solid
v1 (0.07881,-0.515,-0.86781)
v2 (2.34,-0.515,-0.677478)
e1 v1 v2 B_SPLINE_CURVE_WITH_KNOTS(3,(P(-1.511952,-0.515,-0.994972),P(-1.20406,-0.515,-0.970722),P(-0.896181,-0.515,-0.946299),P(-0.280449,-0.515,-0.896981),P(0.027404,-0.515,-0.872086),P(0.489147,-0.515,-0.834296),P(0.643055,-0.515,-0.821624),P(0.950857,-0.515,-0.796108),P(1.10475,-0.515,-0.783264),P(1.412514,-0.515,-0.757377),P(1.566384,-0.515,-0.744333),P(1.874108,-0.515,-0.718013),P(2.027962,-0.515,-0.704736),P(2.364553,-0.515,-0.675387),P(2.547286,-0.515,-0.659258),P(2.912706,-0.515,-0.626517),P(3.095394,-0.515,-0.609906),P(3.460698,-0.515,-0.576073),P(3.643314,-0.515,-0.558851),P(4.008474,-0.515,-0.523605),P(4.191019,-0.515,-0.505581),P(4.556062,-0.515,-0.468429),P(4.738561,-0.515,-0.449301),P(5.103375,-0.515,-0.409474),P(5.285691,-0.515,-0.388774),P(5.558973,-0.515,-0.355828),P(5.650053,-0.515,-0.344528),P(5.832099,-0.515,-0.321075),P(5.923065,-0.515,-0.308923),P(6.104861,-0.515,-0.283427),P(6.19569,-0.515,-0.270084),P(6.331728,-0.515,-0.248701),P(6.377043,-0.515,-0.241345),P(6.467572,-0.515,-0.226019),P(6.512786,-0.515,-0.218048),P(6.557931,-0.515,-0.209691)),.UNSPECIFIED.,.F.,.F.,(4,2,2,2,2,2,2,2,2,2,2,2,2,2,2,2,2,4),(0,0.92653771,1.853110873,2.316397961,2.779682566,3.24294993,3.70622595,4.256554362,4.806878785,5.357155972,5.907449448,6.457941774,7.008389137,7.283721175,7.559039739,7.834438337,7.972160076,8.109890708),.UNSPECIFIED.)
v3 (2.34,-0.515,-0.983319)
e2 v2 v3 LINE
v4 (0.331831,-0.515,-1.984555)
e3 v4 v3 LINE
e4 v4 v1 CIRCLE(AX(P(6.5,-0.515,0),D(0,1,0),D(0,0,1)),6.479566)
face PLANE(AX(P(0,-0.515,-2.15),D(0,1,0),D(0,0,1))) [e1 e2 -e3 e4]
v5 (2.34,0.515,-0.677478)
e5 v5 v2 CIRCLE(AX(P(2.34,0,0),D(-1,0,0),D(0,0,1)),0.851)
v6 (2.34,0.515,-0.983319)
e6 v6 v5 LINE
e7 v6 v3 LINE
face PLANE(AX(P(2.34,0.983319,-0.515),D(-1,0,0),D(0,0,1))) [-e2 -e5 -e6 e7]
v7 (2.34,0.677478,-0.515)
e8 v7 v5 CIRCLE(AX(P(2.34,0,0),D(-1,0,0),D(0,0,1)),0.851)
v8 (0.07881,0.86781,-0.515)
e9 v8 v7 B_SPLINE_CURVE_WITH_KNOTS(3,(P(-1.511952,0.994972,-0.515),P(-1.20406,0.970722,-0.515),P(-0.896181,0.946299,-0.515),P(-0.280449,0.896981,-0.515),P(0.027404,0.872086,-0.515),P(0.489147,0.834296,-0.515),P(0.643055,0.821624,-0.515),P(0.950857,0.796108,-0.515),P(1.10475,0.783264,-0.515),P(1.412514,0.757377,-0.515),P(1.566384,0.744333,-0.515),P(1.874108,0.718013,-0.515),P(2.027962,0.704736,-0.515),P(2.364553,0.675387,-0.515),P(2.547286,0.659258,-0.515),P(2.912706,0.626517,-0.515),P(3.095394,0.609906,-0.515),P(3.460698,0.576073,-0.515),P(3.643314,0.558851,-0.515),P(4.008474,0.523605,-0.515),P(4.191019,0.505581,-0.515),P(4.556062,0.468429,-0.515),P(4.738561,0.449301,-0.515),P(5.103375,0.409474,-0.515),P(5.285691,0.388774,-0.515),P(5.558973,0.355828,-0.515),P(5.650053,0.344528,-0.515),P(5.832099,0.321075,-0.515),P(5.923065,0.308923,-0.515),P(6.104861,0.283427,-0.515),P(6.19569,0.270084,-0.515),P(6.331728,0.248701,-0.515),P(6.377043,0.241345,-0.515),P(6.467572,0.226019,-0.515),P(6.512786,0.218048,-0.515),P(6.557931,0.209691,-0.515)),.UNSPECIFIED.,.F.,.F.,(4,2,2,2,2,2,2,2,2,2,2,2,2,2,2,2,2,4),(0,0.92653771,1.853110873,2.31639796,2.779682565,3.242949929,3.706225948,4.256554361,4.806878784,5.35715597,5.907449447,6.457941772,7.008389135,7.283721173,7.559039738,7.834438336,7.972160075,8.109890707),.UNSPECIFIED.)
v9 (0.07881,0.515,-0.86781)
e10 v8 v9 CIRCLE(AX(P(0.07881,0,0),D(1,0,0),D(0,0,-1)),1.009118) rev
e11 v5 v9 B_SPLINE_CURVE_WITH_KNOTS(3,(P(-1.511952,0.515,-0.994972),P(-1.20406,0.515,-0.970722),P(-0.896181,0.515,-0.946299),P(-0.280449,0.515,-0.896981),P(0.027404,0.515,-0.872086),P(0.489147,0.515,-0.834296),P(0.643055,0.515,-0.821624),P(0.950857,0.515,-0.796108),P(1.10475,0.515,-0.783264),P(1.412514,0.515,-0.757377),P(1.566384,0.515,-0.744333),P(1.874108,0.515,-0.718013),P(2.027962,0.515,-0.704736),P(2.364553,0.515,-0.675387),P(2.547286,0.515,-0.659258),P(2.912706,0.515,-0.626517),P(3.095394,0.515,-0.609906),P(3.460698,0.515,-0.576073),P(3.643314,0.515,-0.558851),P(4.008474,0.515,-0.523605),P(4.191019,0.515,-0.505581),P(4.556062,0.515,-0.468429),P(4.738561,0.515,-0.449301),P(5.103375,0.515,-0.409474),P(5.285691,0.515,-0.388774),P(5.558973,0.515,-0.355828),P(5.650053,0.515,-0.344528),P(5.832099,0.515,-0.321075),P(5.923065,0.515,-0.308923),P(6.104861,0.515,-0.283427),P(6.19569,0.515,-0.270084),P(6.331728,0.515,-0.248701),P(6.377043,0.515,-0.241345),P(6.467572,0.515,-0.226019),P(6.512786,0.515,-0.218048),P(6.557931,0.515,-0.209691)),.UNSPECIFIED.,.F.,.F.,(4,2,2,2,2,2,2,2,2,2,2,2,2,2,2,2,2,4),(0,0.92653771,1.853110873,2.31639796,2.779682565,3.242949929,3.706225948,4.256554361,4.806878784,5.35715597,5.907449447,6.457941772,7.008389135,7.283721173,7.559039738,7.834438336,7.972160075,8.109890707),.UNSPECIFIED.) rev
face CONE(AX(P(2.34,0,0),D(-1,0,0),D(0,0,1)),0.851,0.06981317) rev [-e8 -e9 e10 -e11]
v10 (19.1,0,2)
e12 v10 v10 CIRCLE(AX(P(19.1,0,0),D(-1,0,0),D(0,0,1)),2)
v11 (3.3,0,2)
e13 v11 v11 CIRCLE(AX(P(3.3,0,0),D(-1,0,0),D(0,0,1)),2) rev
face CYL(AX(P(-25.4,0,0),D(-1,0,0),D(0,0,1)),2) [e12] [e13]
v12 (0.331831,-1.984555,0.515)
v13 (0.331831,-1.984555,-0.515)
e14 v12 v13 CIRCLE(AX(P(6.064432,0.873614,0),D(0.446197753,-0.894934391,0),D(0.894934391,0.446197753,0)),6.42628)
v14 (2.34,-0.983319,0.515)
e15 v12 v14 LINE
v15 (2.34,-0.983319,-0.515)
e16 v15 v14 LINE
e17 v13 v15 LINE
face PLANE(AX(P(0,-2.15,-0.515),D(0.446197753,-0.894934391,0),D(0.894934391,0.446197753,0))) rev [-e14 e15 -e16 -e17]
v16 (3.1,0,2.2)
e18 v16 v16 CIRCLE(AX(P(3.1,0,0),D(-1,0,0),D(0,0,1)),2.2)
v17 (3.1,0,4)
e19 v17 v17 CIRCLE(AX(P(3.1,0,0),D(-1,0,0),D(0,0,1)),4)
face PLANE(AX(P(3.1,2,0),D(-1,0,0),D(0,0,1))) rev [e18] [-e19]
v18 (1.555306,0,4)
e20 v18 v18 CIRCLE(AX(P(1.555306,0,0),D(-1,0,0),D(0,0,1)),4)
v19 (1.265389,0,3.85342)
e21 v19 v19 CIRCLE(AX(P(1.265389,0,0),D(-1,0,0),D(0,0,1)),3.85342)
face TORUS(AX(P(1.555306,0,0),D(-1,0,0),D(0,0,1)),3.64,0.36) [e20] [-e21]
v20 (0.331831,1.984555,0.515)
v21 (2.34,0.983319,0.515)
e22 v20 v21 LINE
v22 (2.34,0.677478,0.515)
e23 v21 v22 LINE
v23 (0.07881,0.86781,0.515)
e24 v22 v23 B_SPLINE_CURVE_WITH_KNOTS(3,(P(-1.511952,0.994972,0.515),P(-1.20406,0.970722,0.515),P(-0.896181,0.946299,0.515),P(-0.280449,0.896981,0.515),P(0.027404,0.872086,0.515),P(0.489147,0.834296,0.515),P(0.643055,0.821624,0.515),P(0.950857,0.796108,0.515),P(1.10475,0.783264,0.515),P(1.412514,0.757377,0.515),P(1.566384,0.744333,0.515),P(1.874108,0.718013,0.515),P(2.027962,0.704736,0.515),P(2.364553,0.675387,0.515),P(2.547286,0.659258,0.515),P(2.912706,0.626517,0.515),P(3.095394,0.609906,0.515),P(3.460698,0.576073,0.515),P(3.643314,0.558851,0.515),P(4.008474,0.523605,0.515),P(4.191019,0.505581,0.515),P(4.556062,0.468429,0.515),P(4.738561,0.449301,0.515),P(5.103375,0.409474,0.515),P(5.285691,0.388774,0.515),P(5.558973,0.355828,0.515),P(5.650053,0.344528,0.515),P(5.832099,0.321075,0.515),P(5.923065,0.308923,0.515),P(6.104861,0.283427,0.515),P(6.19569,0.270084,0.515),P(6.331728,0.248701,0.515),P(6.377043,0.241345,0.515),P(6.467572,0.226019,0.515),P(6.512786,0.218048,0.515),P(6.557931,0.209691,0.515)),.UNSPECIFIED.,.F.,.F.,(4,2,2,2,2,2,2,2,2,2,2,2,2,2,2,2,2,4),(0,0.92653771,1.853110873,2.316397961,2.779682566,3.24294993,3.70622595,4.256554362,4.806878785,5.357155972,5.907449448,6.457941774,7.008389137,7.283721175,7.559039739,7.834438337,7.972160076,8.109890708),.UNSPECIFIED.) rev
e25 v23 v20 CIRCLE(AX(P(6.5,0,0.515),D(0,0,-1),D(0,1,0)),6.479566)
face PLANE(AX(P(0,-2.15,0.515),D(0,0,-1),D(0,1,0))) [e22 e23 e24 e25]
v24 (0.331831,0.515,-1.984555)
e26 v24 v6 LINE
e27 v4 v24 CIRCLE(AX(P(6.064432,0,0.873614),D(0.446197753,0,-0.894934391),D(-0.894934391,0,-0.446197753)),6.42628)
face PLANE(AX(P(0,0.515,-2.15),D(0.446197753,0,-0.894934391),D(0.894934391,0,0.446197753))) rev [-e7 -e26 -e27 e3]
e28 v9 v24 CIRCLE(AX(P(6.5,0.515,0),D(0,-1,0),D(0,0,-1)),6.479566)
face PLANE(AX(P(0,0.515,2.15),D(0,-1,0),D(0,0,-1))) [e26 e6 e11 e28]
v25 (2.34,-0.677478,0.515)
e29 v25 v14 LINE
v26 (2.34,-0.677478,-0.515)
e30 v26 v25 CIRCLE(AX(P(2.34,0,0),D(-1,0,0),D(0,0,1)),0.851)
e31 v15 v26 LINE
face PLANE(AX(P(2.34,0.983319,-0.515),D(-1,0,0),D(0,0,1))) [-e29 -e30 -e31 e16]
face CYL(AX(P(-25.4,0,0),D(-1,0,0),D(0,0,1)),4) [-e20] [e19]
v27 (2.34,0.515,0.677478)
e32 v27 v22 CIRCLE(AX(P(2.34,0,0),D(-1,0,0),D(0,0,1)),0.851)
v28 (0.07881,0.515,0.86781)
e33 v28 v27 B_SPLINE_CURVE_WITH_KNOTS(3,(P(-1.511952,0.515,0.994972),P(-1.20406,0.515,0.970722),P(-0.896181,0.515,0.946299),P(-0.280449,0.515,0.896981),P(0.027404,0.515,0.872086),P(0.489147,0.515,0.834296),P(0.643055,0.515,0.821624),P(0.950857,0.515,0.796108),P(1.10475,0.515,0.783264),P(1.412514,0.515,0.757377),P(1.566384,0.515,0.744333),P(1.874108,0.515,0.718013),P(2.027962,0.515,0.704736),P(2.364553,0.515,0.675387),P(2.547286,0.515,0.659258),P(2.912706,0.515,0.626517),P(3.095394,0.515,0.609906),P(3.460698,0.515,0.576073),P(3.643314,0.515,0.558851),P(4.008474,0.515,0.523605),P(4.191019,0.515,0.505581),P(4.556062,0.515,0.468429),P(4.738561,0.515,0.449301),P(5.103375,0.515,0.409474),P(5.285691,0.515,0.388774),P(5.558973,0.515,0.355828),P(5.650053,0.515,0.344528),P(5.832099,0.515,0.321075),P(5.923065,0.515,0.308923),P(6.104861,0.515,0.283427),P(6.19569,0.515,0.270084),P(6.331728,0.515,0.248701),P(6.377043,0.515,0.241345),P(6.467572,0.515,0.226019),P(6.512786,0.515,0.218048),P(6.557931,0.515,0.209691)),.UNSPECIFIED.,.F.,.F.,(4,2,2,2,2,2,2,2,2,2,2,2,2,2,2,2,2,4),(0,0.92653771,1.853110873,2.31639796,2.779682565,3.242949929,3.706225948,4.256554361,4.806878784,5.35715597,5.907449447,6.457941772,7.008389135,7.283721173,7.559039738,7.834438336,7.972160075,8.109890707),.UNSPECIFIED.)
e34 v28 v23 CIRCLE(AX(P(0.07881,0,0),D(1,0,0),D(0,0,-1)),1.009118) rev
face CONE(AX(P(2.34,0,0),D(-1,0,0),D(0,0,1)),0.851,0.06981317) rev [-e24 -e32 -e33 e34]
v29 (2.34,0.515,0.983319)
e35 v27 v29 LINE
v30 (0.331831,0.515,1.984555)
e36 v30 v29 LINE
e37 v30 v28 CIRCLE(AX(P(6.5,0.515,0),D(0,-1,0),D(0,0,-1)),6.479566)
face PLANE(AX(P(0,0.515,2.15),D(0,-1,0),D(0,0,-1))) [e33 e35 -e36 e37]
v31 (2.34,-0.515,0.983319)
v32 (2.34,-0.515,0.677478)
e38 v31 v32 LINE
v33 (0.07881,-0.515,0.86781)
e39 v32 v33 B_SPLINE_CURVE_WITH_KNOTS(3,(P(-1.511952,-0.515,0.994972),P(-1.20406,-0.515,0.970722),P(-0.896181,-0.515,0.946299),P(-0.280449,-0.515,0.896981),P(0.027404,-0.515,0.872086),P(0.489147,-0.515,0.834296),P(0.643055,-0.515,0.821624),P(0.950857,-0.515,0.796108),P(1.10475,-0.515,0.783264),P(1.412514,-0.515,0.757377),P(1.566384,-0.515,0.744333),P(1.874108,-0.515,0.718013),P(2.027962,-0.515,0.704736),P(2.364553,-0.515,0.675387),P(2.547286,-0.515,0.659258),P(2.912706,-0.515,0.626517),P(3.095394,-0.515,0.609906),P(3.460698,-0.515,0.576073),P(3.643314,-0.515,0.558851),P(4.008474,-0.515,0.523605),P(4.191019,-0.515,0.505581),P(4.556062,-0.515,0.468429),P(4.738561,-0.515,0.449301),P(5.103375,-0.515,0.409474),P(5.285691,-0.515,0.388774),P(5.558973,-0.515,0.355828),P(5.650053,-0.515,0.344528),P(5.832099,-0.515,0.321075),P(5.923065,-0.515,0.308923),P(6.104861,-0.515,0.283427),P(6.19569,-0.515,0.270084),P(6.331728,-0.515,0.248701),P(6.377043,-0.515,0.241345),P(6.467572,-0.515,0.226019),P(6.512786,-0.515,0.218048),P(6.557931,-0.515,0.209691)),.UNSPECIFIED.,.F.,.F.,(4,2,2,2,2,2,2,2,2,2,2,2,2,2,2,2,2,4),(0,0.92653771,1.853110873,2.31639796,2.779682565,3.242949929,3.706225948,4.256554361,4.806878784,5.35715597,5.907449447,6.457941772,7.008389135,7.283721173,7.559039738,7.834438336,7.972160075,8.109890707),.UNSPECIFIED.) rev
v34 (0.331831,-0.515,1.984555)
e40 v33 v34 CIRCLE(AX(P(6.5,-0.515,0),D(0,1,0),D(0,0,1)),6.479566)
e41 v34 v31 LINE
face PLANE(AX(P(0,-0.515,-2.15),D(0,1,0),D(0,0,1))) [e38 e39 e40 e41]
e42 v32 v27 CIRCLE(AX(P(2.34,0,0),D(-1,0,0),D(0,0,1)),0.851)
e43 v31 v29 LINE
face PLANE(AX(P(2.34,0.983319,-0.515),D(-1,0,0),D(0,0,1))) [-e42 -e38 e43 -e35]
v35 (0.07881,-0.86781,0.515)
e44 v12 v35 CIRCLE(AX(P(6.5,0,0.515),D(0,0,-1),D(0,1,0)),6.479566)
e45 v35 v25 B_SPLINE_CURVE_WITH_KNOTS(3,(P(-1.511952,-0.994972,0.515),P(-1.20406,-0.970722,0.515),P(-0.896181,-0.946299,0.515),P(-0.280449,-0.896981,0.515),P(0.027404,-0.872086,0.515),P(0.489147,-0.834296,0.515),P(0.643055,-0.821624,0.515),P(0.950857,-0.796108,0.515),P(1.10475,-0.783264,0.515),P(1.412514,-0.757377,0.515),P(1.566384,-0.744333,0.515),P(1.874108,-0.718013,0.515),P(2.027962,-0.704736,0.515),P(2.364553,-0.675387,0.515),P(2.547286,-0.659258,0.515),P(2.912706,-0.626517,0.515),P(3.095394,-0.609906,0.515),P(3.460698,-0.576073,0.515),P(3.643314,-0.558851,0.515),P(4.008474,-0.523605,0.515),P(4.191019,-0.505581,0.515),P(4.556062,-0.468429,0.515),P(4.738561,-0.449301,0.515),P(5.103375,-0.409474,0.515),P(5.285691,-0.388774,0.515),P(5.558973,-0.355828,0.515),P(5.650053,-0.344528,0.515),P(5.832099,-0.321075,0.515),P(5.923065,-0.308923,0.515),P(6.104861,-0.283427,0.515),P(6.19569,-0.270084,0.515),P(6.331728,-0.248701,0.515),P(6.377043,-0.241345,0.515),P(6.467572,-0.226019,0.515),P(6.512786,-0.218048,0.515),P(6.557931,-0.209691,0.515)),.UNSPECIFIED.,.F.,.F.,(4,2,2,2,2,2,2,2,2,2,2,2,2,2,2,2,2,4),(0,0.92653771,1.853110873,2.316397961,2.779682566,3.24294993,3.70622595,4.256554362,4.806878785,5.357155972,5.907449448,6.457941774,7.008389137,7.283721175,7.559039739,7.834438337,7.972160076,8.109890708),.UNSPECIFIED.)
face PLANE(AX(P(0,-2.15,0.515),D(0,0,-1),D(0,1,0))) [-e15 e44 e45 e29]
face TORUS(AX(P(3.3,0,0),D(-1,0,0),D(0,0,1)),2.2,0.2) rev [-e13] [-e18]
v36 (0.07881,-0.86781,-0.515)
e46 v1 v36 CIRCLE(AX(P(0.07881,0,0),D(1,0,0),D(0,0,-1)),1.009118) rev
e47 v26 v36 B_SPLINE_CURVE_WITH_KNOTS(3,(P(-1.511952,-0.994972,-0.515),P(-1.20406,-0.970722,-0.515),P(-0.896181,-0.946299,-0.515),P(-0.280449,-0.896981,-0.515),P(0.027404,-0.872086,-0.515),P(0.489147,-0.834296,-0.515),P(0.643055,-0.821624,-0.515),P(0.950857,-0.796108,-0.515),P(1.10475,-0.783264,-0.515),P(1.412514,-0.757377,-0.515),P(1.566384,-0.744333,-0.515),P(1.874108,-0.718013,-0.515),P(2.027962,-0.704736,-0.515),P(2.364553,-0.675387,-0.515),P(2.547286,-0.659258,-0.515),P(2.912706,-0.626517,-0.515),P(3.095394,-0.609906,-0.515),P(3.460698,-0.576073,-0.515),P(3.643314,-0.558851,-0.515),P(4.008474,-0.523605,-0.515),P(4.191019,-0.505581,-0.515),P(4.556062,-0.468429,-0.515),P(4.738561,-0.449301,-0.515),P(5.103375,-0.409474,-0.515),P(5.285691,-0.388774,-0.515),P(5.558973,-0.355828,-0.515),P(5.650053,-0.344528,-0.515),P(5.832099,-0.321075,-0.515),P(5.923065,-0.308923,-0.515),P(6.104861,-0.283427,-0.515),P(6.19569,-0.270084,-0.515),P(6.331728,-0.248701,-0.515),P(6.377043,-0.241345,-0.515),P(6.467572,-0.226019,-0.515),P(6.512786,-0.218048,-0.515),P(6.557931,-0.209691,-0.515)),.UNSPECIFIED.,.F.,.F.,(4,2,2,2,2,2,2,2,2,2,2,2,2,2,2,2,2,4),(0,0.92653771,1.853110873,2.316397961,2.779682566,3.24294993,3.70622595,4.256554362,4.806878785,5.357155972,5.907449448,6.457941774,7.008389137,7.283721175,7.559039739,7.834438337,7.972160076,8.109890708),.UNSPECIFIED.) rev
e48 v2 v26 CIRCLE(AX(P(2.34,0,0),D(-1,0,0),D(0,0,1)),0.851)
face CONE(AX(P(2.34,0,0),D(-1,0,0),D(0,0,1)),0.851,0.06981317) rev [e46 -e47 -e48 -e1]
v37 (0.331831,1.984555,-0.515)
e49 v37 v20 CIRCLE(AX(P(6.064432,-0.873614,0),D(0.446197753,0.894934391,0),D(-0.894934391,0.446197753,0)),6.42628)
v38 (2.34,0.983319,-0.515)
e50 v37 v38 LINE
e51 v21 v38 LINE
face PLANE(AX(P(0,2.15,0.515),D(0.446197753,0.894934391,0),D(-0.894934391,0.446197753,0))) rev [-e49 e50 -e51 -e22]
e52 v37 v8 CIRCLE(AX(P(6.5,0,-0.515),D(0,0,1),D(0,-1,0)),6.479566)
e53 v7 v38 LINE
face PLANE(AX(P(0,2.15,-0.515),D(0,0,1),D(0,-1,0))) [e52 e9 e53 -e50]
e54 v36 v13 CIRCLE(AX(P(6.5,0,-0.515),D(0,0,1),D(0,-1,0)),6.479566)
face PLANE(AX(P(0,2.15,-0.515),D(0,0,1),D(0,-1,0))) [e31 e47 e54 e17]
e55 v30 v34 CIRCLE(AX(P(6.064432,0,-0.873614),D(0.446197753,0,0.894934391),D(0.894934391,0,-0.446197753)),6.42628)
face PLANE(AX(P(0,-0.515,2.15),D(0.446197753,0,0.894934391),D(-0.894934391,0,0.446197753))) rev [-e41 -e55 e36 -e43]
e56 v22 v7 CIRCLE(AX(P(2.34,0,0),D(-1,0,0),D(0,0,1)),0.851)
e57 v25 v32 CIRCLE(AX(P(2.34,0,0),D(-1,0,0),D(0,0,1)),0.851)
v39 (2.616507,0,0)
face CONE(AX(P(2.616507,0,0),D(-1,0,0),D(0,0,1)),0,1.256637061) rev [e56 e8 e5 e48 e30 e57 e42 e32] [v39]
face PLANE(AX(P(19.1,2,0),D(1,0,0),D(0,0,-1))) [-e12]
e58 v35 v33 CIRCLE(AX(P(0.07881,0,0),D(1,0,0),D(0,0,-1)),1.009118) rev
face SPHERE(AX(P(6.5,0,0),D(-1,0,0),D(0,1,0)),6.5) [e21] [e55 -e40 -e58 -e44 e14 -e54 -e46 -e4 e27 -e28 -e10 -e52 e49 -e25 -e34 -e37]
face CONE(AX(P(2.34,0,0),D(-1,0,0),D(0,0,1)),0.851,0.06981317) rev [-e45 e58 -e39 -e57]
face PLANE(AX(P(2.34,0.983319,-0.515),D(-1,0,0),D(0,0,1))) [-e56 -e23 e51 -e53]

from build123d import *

# Parameters (mm, degrees)
FILLET1_R    = 0.2
RECPAT_COUNT = 2
RECPAT_ANGLE = 90


with BuildPart() as part:
    # BodySke → Base-Revolve (revolve)
    with BuildSketch(Plane.XY, mode=Mode.PRIVATE) as base_revolve_sk:
        with BuildLine():
            Line((3.1, 2), (3.1, 4))
            Line((3.1, 4), (1.555305874, 4))
            ThreePointArc((1.555305874, 4), (1.392873227, 3.961271902), (1.265388955, 3.853420195))
            ThreePointArc((1.265388955, 3.853420195), (0.324444487, 2.027933456), (0, 0))
            Line((0, 0), (19.1, 0))
            Line((19.1, 0), (19.1, 2))
            Line((19.1, 2), (3.1, 2))
        make_face()
    revolve(base_revolve_sk.sketch.rotate(Axis((1.555305874, 0, 0), (1, 0, 0)), 90), axis=Axis((1.555305874, 0, 0), (1, 0, 0)))

    # Fillet1
    fillet1_edges = [part.edges().sort_by_distance(p)[0] for p in [
        (3.1, 0, -2),
    ]]
    fillet(fillet1_edges, radius=FILLET1_R)

    # Sketch3 → Recess section 0
    with BuildSketch(Plane(origin=(0, 0, 0), x_dir=(0, 0, -1), z_dir=(1, 0, 0))):
        with BuildLine():
            Line((0.515, -2.15), (-0.515, -2.15))
            Line((-0.515, -2.15), (-0.515, 2.15))
            Line((-0.515, 2.15), (0.515, 2.15))
            Line((0.515, 2.15), (0.515, -2.15))
        make_face()
    # Sketch4 → Recess section 1
    with BuildSketch(Plane(origin=(2.34, 0, 0), x_dir=(0, 0, -1), z_dir=(1, 0, 0))):
        with BuildLine():
            Line((0.515, -0.983319232), (-0.515, -0.983319232))
            Line((-0.515, -0.983319232), (-0.515, 0.983319232))
            Line((-0.515, 0.983319232), (0.515, 0.983319232))
            Line((0.515, 0.983319232), (0.515, -0.983319232))
        make_face()
    recess = loft(mode=Mode.SUBTRACT)

    # RecPat: Recess ×2 about axis
    recpat_axis = Axis((0, 0, 0), (1, 0, 0))
    for i in range(1, RECPAT_COUNT):
        add(recess.rotate(recpat_axis, i * RECPAT_ANGLE / (RECPAT_COUNT - 1)), mode=Mode.SUBTRACT)

    # RecCorSke → RecessCore (revolve, cut)
    with BuildSketch(Plane.XY, mode=Mode.PRIVATE) as recesscore_sk:
        Polygon((0, 0), (0, 1.01462874), (2.34, 0.851), (2.616506661, 0), align=None)
    revolve(recesscore_sk.sketch.rotate(Axis((-3.175, 0, 0), (1, 0, 0)), 345.452408241), axis=Axis((-3.175, 0, 0), (1, 0, 0)), mode=Mode.SUBTRACT)


solid = part.part
